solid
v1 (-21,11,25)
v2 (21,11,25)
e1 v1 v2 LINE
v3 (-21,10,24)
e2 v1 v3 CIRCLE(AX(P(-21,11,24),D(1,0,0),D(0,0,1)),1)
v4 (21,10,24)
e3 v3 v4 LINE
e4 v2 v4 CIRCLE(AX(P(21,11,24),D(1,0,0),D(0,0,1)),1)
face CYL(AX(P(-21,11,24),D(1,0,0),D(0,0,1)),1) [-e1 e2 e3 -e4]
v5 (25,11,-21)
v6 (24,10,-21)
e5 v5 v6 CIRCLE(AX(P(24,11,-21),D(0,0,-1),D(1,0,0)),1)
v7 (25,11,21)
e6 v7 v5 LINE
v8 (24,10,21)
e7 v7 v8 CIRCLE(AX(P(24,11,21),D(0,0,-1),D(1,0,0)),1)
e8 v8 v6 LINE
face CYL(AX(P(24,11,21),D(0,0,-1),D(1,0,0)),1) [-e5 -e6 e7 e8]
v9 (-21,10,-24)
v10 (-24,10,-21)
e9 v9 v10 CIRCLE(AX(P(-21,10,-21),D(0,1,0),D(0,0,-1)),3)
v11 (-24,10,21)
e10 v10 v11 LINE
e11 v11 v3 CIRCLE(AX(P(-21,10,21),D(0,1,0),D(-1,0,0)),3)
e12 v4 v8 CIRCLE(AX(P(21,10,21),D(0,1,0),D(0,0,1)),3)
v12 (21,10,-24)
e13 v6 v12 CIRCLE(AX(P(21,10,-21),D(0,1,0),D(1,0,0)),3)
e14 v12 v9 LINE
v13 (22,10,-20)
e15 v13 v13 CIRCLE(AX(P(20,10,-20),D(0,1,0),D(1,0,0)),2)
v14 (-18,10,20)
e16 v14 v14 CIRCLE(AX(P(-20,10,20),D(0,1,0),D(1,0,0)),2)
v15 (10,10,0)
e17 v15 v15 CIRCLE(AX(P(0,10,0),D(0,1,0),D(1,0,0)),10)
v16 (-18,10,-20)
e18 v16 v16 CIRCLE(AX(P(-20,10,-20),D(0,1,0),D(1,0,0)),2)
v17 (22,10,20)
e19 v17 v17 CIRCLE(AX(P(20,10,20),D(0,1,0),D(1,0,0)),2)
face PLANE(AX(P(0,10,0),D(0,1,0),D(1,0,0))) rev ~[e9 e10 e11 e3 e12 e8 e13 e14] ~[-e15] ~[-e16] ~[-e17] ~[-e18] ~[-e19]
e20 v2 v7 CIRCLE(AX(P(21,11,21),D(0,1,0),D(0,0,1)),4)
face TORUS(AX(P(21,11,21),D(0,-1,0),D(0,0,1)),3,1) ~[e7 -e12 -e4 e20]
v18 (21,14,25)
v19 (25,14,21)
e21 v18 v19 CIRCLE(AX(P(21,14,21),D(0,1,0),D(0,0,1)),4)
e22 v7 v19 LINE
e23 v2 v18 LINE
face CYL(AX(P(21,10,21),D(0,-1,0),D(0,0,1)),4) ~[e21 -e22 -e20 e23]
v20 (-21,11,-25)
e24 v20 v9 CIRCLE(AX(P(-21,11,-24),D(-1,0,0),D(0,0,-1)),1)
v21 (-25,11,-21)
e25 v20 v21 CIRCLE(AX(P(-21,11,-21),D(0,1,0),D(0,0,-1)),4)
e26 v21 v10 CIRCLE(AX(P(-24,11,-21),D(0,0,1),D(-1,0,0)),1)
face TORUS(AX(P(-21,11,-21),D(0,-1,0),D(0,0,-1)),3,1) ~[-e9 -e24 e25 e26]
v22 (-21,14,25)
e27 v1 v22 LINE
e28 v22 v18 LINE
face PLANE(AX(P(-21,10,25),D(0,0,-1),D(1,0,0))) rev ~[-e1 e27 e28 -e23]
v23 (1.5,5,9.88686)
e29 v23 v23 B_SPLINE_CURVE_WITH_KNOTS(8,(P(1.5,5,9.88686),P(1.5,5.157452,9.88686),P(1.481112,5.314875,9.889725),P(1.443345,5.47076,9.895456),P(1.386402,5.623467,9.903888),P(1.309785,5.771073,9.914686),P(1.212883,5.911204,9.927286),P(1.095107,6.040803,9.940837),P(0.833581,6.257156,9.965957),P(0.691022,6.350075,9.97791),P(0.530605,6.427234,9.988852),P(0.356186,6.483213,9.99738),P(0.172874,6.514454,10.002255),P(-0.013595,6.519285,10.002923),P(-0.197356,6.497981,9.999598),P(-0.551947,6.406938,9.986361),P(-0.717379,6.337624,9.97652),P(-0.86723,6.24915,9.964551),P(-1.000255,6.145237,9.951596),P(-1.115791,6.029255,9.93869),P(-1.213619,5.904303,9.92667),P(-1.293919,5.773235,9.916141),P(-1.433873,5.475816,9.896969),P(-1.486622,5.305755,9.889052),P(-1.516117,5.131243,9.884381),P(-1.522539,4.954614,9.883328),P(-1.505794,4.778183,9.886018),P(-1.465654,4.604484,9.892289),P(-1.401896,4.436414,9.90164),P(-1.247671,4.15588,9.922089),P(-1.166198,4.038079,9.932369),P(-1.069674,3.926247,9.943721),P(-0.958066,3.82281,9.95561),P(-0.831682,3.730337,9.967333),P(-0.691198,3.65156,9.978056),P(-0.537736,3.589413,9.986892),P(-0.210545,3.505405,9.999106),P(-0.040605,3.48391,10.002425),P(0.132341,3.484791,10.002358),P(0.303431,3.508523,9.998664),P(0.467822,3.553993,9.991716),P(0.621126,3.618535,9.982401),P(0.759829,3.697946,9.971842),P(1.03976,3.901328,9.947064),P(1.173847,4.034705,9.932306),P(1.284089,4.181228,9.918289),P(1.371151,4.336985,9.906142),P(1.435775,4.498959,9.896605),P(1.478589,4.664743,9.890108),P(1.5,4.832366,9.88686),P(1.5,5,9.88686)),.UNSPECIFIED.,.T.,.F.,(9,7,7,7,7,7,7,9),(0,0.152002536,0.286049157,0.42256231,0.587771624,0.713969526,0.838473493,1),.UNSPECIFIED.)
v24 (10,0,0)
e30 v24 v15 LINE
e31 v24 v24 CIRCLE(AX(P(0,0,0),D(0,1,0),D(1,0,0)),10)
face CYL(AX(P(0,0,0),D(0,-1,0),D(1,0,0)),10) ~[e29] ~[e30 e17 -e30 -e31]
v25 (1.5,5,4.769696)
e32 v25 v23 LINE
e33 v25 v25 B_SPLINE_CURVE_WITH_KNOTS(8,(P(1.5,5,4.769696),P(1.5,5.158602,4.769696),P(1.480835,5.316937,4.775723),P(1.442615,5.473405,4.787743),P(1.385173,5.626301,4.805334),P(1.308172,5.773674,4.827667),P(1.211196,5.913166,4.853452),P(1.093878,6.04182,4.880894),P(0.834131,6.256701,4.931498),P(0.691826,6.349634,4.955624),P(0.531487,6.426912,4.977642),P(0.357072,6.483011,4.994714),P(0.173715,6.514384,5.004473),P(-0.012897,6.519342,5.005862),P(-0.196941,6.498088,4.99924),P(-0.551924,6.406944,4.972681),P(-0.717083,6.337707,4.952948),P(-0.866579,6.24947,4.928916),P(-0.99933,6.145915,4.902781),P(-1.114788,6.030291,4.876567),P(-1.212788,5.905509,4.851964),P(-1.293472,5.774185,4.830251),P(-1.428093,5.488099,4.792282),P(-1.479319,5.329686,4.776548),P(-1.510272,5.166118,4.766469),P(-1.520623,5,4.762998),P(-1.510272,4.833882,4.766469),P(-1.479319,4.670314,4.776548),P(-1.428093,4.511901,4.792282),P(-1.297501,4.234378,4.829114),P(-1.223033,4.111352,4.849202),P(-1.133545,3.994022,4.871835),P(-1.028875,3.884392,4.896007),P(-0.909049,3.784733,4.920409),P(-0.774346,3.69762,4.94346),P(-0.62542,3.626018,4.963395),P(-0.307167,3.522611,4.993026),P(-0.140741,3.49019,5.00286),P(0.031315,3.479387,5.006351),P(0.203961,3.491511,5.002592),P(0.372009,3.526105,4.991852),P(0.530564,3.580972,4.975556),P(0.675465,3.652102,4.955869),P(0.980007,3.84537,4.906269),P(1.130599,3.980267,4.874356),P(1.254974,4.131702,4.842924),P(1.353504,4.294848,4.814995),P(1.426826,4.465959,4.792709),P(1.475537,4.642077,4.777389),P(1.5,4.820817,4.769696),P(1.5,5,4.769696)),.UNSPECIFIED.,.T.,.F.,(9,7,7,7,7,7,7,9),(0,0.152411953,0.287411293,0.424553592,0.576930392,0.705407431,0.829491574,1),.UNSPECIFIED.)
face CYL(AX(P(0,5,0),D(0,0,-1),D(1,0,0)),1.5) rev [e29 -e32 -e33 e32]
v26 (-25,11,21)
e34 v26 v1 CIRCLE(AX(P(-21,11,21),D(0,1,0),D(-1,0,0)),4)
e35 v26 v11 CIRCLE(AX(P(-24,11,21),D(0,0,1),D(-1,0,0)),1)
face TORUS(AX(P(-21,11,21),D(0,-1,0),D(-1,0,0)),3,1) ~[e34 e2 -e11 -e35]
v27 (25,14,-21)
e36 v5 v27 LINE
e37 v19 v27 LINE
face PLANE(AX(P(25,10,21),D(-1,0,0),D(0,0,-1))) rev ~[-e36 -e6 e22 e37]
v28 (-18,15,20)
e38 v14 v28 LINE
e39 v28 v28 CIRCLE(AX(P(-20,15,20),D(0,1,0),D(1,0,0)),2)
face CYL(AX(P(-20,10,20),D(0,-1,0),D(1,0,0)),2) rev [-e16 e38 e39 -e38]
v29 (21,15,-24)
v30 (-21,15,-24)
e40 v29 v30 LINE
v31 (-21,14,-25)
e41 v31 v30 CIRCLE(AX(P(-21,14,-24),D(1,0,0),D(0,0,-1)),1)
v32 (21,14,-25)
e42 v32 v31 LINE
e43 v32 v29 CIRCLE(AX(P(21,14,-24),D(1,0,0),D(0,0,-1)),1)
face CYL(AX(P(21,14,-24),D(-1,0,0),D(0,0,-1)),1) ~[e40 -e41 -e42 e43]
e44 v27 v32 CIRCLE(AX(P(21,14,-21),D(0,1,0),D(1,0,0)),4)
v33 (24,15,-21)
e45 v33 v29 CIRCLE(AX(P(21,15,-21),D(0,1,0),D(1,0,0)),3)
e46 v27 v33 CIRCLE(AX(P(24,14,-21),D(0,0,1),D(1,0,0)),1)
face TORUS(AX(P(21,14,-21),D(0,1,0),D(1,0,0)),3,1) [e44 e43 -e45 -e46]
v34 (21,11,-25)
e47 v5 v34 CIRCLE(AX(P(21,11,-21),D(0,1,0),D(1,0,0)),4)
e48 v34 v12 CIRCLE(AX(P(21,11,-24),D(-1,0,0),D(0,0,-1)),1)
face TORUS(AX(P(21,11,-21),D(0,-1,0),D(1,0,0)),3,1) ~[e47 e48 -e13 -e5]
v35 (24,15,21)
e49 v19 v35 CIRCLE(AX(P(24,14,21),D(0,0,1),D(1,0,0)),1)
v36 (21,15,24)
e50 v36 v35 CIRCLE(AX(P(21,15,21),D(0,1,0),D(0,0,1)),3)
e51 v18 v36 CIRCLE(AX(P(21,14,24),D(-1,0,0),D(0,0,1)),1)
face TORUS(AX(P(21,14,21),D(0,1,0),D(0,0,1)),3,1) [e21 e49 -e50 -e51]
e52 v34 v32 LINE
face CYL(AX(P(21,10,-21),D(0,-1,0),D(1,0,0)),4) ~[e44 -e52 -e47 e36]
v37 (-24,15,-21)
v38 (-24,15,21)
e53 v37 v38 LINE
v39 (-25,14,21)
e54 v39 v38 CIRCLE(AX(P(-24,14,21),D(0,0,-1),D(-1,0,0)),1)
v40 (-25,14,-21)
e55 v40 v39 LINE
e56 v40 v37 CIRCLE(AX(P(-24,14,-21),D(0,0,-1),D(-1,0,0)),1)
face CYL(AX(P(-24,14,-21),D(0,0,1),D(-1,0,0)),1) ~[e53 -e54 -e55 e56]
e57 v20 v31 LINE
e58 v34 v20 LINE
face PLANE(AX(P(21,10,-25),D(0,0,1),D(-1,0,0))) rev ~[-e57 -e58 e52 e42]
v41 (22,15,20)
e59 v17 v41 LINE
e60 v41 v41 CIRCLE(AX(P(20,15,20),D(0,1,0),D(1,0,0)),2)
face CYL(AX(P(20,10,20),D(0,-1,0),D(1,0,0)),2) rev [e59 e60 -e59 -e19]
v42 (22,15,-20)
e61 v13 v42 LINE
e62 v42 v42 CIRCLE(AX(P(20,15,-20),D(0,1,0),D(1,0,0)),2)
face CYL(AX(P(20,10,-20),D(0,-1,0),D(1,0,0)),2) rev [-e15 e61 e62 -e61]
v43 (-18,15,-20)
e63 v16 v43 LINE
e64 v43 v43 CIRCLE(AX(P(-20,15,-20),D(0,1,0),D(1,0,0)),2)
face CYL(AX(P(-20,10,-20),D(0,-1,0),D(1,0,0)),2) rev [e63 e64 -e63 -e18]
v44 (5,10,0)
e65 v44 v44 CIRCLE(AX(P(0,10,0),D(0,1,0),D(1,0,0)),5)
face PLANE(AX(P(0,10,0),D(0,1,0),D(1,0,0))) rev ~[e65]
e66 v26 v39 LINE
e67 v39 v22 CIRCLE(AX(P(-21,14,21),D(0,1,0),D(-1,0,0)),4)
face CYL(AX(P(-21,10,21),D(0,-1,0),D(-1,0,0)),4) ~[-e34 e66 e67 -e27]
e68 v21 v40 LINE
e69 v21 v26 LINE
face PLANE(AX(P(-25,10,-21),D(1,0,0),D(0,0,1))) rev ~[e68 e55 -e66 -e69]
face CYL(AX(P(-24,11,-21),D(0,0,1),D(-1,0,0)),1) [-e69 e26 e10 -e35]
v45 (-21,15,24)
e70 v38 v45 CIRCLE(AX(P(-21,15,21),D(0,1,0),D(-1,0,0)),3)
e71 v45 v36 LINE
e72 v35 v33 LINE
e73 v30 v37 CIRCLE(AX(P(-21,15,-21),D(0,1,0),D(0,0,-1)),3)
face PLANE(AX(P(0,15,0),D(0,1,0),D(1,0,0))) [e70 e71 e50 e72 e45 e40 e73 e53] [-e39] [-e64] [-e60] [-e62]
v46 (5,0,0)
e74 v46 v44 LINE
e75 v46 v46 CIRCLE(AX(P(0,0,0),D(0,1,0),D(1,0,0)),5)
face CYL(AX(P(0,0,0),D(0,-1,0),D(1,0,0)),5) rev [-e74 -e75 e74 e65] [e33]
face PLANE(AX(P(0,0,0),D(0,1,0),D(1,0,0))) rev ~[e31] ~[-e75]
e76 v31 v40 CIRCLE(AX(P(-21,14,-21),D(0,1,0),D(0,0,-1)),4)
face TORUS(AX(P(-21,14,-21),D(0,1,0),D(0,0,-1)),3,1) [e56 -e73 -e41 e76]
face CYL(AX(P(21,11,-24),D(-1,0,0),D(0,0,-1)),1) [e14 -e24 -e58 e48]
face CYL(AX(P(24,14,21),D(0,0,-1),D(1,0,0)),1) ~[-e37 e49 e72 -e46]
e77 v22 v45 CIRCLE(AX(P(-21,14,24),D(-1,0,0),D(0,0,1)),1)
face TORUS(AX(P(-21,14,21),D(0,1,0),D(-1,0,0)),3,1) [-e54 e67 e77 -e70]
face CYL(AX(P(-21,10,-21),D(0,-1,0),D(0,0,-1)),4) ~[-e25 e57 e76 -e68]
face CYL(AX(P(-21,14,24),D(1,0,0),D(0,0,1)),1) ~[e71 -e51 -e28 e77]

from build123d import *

# Parameters (mm, degrees)
SKETCH1_R           = 10
SKETCH1_R_2         = 5
BOSS_EXTRUDE1_DEPTH = 10
SKETCH2_R           = 2
BOSS_EXTRUDE2_DEPTH = 5
SKETCH3_R           = 1.5
CUT_EXTRUDE1_DEPTH  = 26
FILLET1_R           = 1


with BuildPart() as part:
    # Sketch1 → Boss-Extrude1 (new body)
    with BuildSketch(Plane(origin=(0, 0, 0), x_dir=(1, 0, 0), z_dir=(0, 1, 0))):
        Circle(SKETCH1_R)
        Circle(SKETCH1_R_2, mode=Mode.SUBTRACT)
    extrude(amount=BOSS_EXTRUDE1_DEPTH)

    # Sketch2 → Boss-Extrude2 (add)
    with BuildSketch(Plane(origin=(0, 10, 0), x_dir=(1, 0, 0), z_dir=(0, 1, 0))):
        with BuildLine():
            Line((-21, -25), (21, -25))
            ThreePointArc((21, -25), (23.828427125, -23.828427125), (25, -21))
            Line((25, -21), (25, 21))
            ThreePointArc((25, 21), (23.828427125, 23.828427125), (21, 25))
            Line((21, 25), (-21, 25))
            ThreePointArc((-21, 25), (-23.828427125, 23.828427125), (-25, 21))
            Line((-25, 21), (-25, -21))
            ThreePointArc((-25, -21), (-23.828427125, -23.828427125), (-21, -25))
        make_face()
        with Locations((-20, 20)):
            Circle(SKETCH2_R, mode=Mode.SUBTRACT)
        with Locations((20, 20)):
            Circle(SKETCH2_R, mode=Mode.SUBTRACT)
        with Locations((20, -20)):
            Circle(SKETCH2_R, mode=Mode.SUBTRACT)
        with Locations((-20, -20)):
            Circle(SKETCH2_R, mode=Mode.SUBTRACT)
    extrude(amount=BOSS_EXTRUDE2_DEPTH)

    # Sketch3 → Cut-Extrude1 (cut, through all)
    with BuildSketch(Plane.XY):
        with Locations((0, 5)):
            Circle(SKETCH3_R)
    extrude(amount=CUT_EXTRUDE1_DEPTH, mode=Mode.SUBTRACT)

    # Fillet1
    fillet1_edges = [part.edges().sort_by_distance(p)[0] for p in [
        (0, 15, 25),
        (23.828427125, 15, 23.828427125),
        (25, 15, 0),
        (23.828427125, 15, -23.828427125),
        (0, 15, -25),
        (-23.828427125, 15, -23.828427125),
        (-25, 15, 0),
        (-23.828427125, 10, 23.828427125),
        (0, 10, 25),
        (23.828427125, 10, 23.828427125),
        (25, 10, 0),
        (23.828427125, 10, -23.828427125),
        (0, 10, -25),
        (-23.828427125, 10, -23.828427125),
        (-25, 10, 0),
        (-23.828427125, 15, 23.828427125),
    ]]
    fillet(fillet1_edges, radius=FILLET1_R)


solid = part.part
